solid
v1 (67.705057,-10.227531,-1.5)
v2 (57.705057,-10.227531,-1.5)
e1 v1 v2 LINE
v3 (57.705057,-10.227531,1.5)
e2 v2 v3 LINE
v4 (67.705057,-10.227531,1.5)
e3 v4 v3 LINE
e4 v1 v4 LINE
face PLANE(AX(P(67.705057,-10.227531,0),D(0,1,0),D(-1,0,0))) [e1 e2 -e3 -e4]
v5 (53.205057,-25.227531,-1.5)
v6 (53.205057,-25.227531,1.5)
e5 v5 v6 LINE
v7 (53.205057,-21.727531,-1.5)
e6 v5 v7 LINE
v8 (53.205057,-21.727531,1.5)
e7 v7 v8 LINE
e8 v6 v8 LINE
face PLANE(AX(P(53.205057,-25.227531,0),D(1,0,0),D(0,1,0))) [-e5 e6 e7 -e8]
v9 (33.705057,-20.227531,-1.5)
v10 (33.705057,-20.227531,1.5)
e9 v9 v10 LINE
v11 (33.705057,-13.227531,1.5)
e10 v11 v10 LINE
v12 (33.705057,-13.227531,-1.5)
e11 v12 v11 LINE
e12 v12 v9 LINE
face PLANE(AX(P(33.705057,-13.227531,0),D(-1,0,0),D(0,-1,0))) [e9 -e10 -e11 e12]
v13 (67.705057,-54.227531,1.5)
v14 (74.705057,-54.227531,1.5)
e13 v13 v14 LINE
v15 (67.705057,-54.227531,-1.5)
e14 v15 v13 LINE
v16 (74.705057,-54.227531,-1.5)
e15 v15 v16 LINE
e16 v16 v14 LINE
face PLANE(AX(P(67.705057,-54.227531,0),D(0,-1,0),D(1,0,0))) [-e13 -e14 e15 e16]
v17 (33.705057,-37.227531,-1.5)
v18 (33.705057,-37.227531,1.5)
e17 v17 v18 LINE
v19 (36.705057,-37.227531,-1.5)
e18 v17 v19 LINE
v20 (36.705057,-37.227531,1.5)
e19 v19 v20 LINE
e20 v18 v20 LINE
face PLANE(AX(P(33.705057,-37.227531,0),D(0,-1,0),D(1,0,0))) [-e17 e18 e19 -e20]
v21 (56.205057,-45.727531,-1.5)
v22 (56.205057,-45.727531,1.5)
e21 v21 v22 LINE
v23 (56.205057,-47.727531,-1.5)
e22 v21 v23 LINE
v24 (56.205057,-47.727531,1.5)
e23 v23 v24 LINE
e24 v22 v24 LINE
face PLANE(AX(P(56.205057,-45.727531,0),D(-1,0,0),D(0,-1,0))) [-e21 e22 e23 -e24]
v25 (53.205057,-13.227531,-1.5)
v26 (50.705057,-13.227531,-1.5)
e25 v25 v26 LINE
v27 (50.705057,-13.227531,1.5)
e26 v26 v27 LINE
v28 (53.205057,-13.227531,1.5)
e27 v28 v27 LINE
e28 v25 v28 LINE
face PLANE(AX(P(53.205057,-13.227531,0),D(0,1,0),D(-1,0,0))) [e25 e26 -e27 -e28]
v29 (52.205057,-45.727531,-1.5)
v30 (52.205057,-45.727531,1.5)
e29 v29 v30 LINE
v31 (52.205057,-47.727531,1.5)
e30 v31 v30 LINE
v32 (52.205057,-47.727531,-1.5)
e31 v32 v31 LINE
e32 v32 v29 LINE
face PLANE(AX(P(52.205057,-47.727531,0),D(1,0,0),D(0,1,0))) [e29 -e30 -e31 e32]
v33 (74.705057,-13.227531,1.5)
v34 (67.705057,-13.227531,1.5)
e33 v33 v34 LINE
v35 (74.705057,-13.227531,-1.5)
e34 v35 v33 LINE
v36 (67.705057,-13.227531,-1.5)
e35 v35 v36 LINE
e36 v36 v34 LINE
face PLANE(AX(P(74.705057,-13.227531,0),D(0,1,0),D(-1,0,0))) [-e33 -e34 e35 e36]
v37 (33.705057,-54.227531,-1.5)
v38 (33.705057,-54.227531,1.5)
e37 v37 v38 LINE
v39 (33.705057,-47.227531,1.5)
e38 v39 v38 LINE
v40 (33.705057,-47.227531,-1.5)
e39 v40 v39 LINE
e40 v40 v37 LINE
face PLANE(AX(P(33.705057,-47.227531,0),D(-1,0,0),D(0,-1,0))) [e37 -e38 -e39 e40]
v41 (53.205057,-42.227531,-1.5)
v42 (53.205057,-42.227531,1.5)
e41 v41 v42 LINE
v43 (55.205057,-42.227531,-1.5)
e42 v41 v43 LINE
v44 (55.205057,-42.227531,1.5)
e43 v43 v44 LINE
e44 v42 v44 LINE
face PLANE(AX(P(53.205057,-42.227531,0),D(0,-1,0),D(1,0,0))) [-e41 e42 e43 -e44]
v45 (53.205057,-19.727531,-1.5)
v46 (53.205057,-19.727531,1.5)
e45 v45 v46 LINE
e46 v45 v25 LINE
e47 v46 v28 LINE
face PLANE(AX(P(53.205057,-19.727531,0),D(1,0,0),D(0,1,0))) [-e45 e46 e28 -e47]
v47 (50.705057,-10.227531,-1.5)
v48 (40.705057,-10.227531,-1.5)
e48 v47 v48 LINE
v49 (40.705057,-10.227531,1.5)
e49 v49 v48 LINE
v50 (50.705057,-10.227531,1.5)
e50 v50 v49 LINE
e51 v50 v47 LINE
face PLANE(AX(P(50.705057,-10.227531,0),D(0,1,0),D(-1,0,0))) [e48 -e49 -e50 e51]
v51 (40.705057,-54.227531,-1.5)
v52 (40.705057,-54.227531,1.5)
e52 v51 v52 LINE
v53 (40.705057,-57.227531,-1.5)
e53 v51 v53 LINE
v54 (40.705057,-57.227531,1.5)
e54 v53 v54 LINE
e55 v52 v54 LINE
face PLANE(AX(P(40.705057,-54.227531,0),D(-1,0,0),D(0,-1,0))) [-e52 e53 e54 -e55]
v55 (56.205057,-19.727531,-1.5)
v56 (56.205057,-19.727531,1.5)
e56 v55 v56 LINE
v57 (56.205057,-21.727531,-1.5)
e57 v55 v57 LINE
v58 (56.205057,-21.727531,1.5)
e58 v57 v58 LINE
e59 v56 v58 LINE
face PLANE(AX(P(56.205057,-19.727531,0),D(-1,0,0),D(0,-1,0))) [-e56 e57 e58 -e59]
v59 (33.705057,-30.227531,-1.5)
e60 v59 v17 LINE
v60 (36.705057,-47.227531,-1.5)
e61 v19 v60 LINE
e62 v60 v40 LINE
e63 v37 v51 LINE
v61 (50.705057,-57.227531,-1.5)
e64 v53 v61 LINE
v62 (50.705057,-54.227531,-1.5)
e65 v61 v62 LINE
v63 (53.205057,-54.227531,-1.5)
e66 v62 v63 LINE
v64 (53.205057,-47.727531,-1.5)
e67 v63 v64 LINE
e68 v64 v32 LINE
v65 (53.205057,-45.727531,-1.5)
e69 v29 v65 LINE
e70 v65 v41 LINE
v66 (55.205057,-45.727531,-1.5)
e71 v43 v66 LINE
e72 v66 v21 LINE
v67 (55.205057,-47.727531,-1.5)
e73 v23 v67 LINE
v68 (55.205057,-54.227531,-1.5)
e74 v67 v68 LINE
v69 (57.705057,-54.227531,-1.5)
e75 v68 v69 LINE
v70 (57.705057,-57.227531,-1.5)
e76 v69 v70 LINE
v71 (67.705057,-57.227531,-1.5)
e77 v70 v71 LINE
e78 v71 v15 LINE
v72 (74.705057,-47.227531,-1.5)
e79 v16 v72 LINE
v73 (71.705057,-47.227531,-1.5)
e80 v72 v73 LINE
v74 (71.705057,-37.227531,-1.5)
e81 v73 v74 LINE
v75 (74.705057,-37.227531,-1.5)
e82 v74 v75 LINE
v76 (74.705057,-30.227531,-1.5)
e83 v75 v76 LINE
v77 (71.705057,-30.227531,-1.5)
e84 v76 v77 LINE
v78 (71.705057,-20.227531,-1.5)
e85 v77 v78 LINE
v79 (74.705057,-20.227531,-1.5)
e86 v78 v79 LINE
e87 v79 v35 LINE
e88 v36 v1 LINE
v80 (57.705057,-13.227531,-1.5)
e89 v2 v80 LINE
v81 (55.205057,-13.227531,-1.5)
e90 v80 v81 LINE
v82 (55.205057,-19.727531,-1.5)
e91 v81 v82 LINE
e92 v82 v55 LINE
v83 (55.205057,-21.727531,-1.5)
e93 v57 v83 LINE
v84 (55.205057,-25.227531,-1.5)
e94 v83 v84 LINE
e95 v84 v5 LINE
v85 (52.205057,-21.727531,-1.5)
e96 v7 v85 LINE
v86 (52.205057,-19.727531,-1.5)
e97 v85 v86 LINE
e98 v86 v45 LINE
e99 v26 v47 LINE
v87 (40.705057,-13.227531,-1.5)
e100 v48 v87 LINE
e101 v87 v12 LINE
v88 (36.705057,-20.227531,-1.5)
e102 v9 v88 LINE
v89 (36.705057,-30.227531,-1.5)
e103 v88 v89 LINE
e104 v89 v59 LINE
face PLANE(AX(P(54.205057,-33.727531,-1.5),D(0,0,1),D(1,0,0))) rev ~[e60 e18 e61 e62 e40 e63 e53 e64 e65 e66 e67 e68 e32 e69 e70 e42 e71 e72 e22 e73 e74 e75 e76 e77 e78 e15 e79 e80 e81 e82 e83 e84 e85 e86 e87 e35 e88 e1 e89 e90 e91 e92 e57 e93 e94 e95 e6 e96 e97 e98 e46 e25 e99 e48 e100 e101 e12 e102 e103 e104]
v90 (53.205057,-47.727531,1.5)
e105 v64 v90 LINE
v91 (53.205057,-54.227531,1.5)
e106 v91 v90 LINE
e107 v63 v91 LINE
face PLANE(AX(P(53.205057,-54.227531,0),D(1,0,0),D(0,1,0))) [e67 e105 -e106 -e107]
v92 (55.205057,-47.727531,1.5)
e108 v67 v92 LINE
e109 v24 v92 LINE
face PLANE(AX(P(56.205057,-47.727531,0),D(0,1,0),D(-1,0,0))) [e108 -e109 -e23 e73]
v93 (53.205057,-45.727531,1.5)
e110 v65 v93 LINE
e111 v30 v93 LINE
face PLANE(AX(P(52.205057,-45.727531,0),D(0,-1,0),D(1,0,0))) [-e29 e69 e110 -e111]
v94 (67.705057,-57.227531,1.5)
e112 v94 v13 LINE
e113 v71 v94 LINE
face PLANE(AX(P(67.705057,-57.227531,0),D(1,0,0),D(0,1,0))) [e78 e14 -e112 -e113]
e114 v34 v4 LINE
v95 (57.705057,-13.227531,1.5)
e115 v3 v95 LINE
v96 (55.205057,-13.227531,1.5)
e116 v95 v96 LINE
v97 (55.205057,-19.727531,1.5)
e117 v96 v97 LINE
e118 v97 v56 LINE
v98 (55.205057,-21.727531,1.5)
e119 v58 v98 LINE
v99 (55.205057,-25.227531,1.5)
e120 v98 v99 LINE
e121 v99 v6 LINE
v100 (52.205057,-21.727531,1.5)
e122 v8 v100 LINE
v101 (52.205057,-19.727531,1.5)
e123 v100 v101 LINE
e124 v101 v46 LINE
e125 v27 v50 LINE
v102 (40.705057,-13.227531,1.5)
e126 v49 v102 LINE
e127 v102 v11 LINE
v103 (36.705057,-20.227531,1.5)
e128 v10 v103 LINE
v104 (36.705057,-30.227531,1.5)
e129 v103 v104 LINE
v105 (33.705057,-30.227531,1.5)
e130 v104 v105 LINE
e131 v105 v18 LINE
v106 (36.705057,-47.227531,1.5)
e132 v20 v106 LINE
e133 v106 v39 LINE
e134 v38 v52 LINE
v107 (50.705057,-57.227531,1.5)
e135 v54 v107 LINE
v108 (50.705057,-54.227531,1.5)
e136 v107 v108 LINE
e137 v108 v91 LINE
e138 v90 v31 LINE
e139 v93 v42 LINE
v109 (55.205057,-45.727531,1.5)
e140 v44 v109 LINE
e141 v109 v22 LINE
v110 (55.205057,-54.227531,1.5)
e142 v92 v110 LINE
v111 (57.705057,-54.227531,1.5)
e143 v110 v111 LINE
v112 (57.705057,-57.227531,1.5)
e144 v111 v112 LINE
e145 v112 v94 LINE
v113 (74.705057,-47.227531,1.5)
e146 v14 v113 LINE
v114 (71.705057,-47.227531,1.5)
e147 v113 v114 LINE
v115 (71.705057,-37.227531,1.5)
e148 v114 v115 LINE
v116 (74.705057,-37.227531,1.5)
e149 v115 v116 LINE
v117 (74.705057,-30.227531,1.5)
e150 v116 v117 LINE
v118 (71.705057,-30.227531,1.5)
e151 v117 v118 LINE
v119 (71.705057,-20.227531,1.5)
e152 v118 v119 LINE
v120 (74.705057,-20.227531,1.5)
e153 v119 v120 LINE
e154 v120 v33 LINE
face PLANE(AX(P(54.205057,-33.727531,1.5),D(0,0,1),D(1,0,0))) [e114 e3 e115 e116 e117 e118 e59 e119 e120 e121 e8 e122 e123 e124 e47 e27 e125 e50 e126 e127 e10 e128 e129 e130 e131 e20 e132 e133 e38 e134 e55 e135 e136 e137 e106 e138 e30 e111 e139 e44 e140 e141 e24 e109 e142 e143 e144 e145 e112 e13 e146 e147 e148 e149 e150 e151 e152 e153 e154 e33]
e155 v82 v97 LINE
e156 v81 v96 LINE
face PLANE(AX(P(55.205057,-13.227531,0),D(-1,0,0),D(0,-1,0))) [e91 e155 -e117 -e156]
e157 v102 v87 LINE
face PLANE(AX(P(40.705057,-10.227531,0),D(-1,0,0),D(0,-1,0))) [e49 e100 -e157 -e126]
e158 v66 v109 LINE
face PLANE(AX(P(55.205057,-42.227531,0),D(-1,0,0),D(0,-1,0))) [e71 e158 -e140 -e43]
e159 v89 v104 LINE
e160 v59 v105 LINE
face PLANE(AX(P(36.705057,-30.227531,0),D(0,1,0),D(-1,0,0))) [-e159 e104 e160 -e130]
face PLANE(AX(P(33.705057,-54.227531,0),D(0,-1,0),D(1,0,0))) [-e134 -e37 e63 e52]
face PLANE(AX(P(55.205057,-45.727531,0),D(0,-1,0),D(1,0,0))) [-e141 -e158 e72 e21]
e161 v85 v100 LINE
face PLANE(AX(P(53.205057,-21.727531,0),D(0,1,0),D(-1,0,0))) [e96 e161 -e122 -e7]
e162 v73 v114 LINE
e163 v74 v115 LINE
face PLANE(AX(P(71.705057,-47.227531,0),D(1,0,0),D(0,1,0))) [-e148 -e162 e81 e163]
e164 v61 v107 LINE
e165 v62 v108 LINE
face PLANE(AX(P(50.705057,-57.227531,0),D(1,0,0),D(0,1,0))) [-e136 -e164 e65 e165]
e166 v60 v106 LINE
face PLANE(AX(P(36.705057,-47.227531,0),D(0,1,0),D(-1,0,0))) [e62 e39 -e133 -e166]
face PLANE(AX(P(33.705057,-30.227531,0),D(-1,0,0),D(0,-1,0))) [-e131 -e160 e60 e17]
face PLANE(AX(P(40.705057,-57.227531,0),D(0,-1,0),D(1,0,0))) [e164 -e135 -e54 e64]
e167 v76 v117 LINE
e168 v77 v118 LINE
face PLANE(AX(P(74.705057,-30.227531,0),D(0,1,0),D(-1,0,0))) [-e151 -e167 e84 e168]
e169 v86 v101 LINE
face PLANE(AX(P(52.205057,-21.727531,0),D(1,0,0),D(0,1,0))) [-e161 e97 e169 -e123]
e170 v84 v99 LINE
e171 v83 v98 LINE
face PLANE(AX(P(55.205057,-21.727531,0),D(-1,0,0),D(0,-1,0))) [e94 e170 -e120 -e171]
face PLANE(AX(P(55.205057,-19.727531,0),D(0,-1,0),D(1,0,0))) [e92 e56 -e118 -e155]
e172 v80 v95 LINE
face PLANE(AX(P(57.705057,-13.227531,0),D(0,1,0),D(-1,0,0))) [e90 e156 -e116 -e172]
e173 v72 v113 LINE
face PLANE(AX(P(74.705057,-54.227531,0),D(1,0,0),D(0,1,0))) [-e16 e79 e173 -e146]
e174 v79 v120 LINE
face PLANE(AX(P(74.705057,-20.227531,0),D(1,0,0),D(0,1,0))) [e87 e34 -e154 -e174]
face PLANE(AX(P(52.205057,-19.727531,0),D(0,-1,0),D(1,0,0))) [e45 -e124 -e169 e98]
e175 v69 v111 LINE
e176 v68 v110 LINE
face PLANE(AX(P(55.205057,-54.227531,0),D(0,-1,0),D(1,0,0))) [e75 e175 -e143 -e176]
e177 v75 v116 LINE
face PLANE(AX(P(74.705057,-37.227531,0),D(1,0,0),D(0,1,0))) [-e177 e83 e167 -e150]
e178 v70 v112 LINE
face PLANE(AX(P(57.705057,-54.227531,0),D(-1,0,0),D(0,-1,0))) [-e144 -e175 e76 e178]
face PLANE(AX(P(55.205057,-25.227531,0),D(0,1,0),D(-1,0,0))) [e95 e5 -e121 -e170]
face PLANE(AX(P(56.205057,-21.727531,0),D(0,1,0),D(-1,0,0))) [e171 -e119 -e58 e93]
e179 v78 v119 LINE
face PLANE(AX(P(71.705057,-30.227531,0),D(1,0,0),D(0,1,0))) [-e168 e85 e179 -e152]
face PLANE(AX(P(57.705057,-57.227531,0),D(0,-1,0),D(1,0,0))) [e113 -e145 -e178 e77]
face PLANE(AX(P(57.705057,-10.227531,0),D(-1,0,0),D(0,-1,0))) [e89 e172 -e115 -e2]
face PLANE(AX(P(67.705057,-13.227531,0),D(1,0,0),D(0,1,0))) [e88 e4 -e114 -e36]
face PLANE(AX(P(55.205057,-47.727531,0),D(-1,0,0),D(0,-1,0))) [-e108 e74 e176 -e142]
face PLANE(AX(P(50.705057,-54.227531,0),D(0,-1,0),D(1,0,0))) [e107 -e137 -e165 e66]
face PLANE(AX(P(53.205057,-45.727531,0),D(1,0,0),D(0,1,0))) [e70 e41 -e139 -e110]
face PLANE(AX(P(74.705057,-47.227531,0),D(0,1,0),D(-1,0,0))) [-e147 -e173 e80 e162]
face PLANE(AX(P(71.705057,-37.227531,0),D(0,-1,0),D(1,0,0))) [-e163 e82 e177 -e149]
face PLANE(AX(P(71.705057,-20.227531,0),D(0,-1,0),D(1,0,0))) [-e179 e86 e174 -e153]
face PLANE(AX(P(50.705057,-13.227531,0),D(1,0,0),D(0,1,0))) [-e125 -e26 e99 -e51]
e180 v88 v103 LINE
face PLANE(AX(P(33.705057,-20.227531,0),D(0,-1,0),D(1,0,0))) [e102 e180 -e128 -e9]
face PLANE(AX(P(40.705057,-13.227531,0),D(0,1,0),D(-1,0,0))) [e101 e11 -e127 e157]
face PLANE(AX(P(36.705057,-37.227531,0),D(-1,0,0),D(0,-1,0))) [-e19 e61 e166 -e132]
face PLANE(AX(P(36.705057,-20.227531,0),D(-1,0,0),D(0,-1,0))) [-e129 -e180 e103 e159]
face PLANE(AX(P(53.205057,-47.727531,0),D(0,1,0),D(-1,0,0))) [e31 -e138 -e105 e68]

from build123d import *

# Parameters (mm, degrees)
F1_DEPTH = 1.5


with BuildPart() as f1:
    # F0 (on Top) → F1 (new body, symmetric)
    with BuildSketch(Plane.XY):
        Polygon((40.705057, -13.227531), (33.705057, -13.227531), (33.705057, -20.227531), (36.705057, -20.227531), (36.705057, -30.227531), (33.705057, -30.227531), (33.705057, -37.227531), (36.705057, -37.227531), (36.705057, -47.227531), (33.705057, -47.227531), (33.705057, -54.227531), (40.705057, -54.227531), (40.705057, -57.227531), (50.705057, -57.227531), (50.705057, -54.227531), (53.205057, -54.227531), (53.205057, -47.727531), (52.205057, -47.727531), (52.205057, -45.727531), (53.205057, -45.727531), (53.205057, -42.227531), (55.205057, -42.227531), (55.205057, -45.727531), (56.205057, -45.727531), (56.205057, -47.727531), (55.205057, -47.727531), (55.205057, -54.227531), (57.705057, -54.227531), (57.705057, -57.227531), (67.705057, -57.227531), (67.705057, -54.227531), (74.705057, -54.227531), (74.705057, -47.227531), (71.705057, -47.227531), (71.705057, -37.227531), (74.705057, -37.227531), (74.705057, -30.227531), (71.705057, -30.227531), (71.705057, -20.227531), (74.705057, -20.227531), (74.705057, -13.227531), (67.705057, -13.227531), (67.705057, -10.227531), (57.705057, -10.227531), (57.705057, -13.227531), (55.205057, -13.227531), (55.205057, -19.727531), (56.205057, -19.727531), (56.205057, -21.727531), (55.205057, -21.727531), (55.205057, -25.227531), (53.205057, -25.227531), (53.205057, -21.727531), (52.205057, -21.727531), (52.205057, -19.727531), (53.205057, -19.727531), (53.205057, -13.227531), (50.705057, -13.227531), (50.705057, -10.227531), (40.705057, -10.227531), align=None)
    extrude(amount=F1_DEPTH, both=True)


solid = f1.part
